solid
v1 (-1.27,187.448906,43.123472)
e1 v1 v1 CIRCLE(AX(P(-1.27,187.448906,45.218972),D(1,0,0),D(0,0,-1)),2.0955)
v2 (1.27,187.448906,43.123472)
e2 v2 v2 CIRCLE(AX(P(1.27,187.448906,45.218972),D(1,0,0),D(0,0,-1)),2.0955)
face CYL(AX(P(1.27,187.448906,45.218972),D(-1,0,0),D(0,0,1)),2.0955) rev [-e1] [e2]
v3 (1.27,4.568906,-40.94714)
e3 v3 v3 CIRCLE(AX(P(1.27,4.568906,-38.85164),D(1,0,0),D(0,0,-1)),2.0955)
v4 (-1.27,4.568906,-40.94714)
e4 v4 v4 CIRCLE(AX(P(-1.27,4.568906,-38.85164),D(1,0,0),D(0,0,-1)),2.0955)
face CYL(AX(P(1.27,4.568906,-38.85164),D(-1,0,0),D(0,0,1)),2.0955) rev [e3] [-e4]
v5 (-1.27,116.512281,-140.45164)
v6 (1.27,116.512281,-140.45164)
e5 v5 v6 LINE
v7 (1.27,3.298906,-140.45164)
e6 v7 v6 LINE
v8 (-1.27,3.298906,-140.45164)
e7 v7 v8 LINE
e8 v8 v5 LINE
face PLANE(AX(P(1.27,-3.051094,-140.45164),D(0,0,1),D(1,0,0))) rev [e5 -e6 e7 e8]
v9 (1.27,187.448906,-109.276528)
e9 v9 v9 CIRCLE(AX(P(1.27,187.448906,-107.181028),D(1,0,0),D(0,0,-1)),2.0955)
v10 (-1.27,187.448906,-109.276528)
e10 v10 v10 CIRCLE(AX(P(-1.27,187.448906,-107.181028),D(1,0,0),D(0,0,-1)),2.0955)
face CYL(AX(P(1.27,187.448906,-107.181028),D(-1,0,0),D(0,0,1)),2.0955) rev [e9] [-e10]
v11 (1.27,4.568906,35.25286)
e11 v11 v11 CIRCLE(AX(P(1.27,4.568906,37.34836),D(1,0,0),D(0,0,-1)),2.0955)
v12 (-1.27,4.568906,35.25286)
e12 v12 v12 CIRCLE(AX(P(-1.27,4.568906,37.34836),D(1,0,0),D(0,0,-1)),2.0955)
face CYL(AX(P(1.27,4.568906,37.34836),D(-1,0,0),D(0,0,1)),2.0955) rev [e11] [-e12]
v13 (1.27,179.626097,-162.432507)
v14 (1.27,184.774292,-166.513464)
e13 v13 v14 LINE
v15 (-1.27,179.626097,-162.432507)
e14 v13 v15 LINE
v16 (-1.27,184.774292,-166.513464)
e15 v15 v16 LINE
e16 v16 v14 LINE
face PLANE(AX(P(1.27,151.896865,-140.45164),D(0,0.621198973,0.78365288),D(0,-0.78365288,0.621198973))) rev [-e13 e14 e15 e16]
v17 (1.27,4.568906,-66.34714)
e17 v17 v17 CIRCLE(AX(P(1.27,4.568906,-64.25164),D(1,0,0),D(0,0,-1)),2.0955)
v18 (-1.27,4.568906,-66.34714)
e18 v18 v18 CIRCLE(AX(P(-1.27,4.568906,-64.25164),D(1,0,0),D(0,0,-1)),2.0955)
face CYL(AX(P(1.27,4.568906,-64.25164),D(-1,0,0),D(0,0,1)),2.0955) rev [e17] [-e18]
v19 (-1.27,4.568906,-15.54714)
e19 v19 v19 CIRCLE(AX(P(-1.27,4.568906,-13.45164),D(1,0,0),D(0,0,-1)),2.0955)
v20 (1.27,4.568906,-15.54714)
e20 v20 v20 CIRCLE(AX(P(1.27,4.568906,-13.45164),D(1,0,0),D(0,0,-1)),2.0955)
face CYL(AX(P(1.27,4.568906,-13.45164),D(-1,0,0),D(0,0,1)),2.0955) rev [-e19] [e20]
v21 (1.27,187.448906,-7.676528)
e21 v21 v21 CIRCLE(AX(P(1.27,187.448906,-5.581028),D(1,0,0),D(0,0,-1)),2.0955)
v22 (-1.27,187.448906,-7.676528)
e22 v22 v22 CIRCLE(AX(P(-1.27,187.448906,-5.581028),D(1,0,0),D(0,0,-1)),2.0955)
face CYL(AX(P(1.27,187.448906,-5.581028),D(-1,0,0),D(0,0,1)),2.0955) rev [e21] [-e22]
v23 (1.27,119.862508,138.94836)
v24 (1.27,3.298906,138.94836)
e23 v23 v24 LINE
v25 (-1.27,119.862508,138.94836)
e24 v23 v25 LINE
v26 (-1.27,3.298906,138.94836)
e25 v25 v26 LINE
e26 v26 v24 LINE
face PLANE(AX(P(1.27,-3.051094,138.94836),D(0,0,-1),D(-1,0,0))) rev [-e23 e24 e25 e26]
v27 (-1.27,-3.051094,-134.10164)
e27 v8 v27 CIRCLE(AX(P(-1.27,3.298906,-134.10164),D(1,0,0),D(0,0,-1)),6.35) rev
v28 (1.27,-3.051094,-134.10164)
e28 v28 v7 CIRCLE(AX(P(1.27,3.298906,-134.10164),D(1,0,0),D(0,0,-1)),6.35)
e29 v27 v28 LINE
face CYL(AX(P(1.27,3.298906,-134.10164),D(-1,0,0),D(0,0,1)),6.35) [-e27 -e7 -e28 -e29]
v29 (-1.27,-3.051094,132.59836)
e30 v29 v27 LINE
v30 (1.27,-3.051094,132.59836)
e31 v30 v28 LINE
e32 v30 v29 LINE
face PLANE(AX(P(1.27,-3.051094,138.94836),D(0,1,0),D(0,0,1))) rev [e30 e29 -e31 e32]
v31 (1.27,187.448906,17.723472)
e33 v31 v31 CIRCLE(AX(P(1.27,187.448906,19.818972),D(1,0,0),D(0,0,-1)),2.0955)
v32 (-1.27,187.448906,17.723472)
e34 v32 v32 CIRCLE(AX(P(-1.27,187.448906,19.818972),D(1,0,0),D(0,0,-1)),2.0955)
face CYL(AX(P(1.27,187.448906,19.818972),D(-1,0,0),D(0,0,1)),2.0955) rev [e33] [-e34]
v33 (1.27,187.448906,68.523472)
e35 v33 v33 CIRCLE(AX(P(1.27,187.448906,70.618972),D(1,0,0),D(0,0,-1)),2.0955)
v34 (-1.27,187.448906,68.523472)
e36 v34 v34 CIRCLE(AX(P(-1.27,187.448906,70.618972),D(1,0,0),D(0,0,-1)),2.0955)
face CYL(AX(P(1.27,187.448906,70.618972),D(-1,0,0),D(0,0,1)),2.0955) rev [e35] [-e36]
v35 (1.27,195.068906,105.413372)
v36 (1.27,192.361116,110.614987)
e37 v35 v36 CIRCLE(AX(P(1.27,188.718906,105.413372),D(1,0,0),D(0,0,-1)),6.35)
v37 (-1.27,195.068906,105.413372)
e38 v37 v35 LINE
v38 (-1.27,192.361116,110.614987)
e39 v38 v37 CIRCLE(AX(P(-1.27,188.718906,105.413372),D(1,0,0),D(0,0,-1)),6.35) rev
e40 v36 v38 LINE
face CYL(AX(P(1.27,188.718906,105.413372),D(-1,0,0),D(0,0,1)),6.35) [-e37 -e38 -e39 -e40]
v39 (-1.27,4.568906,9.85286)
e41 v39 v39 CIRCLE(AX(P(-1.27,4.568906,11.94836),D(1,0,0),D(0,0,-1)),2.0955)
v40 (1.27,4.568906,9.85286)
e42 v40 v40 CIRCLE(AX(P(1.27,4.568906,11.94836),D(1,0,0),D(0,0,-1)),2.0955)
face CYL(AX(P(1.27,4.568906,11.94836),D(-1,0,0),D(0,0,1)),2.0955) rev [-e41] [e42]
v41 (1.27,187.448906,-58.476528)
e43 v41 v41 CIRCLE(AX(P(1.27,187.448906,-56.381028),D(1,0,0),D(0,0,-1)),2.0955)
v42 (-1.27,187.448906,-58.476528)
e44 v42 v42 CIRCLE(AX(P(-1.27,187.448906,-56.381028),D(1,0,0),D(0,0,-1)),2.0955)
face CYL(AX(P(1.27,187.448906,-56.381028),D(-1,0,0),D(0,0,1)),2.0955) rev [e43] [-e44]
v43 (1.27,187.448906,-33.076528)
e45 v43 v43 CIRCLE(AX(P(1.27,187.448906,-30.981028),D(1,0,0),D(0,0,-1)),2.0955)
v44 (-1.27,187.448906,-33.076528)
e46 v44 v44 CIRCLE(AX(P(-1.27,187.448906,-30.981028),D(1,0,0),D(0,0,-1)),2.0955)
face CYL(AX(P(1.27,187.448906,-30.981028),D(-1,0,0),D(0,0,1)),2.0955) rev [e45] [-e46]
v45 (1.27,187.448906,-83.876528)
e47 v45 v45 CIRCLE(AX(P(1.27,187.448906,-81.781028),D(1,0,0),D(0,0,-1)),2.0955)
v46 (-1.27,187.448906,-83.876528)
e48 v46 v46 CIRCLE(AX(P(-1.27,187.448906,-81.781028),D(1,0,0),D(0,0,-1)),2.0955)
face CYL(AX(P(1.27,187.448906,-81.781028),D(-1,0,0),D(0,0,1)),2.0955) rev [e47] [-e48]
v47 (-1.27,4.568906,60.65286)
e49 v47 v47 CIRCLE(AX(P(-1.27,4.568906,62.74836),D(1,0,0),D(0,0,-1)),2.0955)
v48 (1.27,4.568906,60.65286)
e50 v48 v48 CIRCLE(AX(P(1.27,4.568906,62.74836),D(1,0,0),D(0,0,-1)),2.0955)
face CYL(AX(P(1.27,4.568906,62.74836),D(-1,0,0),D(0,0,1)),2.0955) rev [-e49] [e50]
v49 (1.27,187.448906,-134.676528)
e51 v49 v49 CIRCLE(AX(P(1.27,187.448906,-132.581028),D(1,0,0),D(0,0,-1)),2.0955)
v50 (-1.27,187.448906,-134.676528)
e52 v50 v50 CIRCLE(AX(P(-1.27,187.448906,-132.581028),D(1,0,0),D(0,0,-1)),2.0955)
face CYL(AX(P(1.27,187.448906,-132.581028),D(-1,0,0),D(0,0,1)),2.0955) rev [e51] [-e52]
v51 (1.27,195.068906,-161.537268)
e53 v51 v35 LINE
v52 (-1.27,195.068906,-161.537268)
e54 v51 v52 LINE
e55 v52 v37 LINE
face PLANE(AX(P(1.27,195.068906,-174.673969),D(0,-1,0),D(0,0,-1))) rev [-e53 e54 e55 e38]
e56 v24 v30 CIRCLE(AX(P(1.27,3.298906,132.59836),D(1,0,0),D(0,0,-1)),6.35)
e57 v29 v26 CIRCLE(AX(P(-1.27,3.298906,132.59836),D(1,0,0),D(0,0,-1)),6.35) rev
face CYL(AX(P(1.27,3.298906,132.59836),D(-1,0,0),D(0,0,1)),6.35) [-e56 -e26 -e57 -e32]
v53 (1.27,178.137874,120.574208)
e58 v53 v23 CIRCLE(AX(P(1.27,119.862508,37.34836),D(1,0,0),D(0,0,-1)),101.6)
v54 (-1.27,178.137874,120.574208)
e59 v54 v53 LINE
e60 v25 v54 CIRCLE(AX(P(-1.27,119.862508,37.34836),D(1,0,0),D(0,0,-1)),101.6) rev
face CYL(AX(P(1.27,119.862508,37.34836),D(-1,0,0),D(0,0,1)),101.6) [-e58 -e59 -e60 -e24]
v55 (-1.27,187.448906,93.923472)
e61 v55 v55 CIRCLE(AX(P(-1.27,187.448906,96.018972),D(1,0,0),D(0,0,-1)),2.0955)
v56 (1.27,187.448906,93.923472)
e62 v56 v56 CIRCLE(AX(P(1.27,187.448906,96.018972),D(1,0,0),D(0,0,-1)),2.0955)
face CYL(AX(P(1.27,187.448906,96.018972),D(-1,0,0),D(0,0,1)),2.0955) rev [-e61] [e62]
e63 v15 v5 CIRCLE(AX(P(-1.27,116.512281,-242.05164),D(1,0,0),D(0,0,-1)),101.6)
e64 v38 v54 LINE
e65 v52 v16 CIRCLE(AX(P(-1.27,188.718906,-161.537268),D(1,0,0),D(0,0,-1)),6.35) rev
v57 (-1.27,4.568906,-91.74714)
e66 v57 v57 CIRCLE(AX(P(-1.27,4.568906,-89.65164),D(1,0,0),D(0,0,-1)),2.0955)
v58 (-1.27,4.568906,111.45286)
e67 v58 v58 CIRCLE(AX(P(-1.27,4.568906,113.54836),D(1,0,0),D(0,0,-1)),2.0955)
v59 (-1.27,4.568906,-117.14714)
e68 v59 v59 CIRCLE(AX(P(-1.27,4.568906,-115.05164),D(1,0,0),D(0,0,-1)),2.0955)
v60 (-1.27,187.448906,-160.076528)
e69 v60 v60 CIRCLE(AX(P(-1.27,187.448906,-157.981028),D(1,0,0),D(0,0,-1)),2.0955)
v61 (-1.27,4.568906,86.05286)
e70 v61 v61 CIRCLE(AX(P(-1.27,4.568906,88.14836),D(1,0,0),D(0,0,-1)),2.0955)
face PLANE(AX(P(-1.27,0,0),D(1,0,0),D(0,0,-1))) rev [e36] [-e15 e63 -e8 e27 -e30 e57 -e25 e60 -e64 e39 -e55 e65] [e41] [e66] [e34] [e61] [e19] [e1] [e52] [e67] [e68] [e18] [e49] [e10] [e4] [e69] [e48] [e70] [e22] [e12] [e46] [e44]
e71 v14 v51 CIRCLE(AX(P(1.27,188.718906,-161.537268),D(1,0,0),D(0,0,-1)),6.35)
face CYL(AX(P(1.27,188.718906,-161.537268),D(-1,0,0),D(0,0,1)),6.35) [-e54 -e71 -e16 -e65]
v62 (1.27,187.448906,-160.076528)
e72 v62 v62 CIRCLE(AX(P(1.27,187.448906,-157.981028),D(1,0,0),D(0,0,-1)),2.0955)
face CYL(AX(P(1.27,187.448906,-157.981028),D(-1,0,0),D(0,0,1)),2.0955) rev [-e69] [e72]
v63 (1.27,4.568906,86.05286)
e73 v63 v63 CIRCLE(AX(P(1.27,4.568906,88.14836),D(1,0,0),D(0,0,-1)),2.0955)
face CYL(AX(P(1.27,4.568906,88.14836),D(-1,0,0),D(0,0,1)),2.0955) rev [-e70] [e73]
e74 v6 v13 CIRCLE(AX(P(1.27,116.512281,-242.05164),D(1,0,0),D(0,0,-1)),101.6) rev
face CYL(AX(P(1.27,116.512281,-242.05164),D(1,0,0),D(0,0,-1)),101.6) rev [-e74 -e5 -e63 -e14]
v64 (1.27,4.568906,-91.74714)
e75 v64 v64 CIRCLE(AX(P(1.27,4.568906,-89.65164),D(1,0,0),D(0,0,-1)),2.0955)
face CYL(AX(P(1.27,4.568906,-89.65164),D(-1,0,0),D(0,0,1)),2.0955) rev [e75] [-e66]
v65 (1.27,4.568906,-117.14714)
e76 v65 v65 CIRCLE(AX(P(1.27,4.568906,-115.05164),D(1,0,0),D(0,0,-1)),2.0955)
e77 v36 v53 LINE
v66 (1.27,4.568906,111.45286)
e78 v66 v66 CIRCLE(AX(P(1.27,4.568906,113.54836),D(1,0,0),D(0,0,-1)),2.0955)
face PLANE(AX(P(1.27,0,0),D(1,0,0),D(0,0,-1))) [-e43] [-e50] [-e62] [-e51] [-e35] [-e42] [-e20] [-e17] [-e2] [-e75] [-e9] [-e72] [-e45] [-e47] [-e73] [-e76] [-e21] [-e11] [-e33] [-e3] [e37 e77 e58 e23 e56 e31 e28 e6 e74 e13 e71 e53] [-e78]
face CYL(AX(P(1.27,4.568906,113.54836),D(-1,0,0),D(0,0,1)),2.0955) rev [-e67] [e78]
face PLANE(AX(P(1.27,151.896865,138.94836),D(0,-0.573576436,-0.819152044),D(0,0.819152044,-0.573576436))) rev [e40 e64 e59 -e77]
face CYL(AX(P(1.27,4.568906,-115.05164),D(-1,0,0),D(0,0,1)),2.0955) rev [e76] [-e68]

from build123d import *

# Parameters (mm, degrees)
SKETCH1_R           = 2.0955
BOSS_EXTRUDE1_DEPTH = 1.27
FILLET1_R           = 6.35
FILLET2_R           = 101.6


with BuildPart() as part:
    # Sketch1 → Boss-Extrude1 (new, symmetric)
    with BuildSketch(Plane(origin=(0, 0, 0), x_dir=(0, 0, -1), z_dir=(1, 0, 0))):
        Polygon((-138.948360469, -3.051094372), (140.451639531, -3.051094372), (140.451639531, 151.896865158), (174.673969175, 195.068905628), (-108.718972293, 195.068905628), (-138.948360469, 151.896865158), align=None)
        with Locations((-113.548360469, 4.568905628)):
            Circle(SKETCH1_R, mode=Mode.SUBTRACT)
        with Locations((-88.148360469, 4.568905628)):
            Circle(SKETCH1_R, mode=Mode.SUBTRACT)
        with Locations((-62.748360469, 4.568905628)):
            Circle(SKETCH1_R, mode=Mode.SUBTRACT)
        with Locations((-37.348360469, 4.568905628)):
            Circle(SKETCH1_R, mode=Mode.SUBTRACT)
        with Locations((-11.948360469, 4.568905628)):
            Circle(SKETCH1_R, mode=Mode.SUBTRACT)
        with Locations((13.451639531, 4.568905628)):
            Circle(SKETCH1_R, mode=Mode.SUBTRACT)
        with Locations((38.851639531, 4.568905628)):
            Circle(SKETCH1_R, mode=Mode.SUBTRACT)
        with Locations((64.251639531, 4.568905628)):
            Circle(SKETCH1_R, mode=Mode.SUBTRACT)
        with Locations((89.651639531, 4.568905628)):
            Circle(SKETCH1_R, mode=Mode.SUBTRACT)
        with Locations((115.051639531, 4.568905628)):
            Circle(SKETCH1_R, mode=Mode.SUBTRACT)
        with Locations((-96.018972293, 187.448905628)):
            Circle(SKETCH1_R, mode=Mode.SUBTRACT)
        with Locations((-70.618972293, 187.448905628)):
            Circle(SKETCH1_R, mode=Mode.SUBTRACT)
        with Locations((-45.218972293, 187.448905628)):
            Circle(SKETCH1_R, mode=Mode.SUBTRACT)
        with Locations((-19.818972293, 187.448905628)):
            Circle(SKETCH1_R, mode=Mode.SUBTRACT)
        with Locations((5.581027707, 187.448905628)):
            Circle(SKETCH1_R, mode=Mode.SUBTRACT)
        with Locations((30.981027707, 187.448905628)):
            Circle(SKETCH1_R, mode=Mode.SUBTRACT)
        with Locations((56.381027707, 187.448905628)):
            Circle(SKETCH1_R, mode=Mode.SUBTRACT)
        with Locations((81.781027707, 187.448905628)):
            Circle(SKETCH1_R, mode=Mode.SUBTRACT)
        with Locations((107.181027707, 187.448905628)):
            Circle(SKETCH1_R, mode=Mode.SUBTRACT)
        with Locations((132.581027707, 187.448905628)):
            Circle(SKETCH1_R, mode=Mode.SUBTRACT)
        with Locations((157.981027707, 187.448905628)):
            Circle(SKETCH1_R, mode=Mode.SUBTRACT)
    extrude(amount=BOSS_EXTRUDE1_DEPTH, both=True)

    # Fillet1
    fillet1_edges = [part.edges().sort_by_distance(p)[0] for p in [
        (0, -3.051094372, -140.451639531),
        (0, -3.051094372, 138.948360469),
        (0, 195.068905628, 108.718972293),
        (0, 195.068905628, -174.673969175),
    ]]
    fillet(fillet1_edges, radius=FILLET1_R)

    # Fillet2
    fillet2_edges = [part.edges().sort_by_distance(p)[0] for p in [
        (0, 151.896865158, -140.451639531),
        (0, 151.896865158, 138.948360469),
    ]]
    fillet(fillet2_edges, radius=FILLET2_R)


solid = part.part
